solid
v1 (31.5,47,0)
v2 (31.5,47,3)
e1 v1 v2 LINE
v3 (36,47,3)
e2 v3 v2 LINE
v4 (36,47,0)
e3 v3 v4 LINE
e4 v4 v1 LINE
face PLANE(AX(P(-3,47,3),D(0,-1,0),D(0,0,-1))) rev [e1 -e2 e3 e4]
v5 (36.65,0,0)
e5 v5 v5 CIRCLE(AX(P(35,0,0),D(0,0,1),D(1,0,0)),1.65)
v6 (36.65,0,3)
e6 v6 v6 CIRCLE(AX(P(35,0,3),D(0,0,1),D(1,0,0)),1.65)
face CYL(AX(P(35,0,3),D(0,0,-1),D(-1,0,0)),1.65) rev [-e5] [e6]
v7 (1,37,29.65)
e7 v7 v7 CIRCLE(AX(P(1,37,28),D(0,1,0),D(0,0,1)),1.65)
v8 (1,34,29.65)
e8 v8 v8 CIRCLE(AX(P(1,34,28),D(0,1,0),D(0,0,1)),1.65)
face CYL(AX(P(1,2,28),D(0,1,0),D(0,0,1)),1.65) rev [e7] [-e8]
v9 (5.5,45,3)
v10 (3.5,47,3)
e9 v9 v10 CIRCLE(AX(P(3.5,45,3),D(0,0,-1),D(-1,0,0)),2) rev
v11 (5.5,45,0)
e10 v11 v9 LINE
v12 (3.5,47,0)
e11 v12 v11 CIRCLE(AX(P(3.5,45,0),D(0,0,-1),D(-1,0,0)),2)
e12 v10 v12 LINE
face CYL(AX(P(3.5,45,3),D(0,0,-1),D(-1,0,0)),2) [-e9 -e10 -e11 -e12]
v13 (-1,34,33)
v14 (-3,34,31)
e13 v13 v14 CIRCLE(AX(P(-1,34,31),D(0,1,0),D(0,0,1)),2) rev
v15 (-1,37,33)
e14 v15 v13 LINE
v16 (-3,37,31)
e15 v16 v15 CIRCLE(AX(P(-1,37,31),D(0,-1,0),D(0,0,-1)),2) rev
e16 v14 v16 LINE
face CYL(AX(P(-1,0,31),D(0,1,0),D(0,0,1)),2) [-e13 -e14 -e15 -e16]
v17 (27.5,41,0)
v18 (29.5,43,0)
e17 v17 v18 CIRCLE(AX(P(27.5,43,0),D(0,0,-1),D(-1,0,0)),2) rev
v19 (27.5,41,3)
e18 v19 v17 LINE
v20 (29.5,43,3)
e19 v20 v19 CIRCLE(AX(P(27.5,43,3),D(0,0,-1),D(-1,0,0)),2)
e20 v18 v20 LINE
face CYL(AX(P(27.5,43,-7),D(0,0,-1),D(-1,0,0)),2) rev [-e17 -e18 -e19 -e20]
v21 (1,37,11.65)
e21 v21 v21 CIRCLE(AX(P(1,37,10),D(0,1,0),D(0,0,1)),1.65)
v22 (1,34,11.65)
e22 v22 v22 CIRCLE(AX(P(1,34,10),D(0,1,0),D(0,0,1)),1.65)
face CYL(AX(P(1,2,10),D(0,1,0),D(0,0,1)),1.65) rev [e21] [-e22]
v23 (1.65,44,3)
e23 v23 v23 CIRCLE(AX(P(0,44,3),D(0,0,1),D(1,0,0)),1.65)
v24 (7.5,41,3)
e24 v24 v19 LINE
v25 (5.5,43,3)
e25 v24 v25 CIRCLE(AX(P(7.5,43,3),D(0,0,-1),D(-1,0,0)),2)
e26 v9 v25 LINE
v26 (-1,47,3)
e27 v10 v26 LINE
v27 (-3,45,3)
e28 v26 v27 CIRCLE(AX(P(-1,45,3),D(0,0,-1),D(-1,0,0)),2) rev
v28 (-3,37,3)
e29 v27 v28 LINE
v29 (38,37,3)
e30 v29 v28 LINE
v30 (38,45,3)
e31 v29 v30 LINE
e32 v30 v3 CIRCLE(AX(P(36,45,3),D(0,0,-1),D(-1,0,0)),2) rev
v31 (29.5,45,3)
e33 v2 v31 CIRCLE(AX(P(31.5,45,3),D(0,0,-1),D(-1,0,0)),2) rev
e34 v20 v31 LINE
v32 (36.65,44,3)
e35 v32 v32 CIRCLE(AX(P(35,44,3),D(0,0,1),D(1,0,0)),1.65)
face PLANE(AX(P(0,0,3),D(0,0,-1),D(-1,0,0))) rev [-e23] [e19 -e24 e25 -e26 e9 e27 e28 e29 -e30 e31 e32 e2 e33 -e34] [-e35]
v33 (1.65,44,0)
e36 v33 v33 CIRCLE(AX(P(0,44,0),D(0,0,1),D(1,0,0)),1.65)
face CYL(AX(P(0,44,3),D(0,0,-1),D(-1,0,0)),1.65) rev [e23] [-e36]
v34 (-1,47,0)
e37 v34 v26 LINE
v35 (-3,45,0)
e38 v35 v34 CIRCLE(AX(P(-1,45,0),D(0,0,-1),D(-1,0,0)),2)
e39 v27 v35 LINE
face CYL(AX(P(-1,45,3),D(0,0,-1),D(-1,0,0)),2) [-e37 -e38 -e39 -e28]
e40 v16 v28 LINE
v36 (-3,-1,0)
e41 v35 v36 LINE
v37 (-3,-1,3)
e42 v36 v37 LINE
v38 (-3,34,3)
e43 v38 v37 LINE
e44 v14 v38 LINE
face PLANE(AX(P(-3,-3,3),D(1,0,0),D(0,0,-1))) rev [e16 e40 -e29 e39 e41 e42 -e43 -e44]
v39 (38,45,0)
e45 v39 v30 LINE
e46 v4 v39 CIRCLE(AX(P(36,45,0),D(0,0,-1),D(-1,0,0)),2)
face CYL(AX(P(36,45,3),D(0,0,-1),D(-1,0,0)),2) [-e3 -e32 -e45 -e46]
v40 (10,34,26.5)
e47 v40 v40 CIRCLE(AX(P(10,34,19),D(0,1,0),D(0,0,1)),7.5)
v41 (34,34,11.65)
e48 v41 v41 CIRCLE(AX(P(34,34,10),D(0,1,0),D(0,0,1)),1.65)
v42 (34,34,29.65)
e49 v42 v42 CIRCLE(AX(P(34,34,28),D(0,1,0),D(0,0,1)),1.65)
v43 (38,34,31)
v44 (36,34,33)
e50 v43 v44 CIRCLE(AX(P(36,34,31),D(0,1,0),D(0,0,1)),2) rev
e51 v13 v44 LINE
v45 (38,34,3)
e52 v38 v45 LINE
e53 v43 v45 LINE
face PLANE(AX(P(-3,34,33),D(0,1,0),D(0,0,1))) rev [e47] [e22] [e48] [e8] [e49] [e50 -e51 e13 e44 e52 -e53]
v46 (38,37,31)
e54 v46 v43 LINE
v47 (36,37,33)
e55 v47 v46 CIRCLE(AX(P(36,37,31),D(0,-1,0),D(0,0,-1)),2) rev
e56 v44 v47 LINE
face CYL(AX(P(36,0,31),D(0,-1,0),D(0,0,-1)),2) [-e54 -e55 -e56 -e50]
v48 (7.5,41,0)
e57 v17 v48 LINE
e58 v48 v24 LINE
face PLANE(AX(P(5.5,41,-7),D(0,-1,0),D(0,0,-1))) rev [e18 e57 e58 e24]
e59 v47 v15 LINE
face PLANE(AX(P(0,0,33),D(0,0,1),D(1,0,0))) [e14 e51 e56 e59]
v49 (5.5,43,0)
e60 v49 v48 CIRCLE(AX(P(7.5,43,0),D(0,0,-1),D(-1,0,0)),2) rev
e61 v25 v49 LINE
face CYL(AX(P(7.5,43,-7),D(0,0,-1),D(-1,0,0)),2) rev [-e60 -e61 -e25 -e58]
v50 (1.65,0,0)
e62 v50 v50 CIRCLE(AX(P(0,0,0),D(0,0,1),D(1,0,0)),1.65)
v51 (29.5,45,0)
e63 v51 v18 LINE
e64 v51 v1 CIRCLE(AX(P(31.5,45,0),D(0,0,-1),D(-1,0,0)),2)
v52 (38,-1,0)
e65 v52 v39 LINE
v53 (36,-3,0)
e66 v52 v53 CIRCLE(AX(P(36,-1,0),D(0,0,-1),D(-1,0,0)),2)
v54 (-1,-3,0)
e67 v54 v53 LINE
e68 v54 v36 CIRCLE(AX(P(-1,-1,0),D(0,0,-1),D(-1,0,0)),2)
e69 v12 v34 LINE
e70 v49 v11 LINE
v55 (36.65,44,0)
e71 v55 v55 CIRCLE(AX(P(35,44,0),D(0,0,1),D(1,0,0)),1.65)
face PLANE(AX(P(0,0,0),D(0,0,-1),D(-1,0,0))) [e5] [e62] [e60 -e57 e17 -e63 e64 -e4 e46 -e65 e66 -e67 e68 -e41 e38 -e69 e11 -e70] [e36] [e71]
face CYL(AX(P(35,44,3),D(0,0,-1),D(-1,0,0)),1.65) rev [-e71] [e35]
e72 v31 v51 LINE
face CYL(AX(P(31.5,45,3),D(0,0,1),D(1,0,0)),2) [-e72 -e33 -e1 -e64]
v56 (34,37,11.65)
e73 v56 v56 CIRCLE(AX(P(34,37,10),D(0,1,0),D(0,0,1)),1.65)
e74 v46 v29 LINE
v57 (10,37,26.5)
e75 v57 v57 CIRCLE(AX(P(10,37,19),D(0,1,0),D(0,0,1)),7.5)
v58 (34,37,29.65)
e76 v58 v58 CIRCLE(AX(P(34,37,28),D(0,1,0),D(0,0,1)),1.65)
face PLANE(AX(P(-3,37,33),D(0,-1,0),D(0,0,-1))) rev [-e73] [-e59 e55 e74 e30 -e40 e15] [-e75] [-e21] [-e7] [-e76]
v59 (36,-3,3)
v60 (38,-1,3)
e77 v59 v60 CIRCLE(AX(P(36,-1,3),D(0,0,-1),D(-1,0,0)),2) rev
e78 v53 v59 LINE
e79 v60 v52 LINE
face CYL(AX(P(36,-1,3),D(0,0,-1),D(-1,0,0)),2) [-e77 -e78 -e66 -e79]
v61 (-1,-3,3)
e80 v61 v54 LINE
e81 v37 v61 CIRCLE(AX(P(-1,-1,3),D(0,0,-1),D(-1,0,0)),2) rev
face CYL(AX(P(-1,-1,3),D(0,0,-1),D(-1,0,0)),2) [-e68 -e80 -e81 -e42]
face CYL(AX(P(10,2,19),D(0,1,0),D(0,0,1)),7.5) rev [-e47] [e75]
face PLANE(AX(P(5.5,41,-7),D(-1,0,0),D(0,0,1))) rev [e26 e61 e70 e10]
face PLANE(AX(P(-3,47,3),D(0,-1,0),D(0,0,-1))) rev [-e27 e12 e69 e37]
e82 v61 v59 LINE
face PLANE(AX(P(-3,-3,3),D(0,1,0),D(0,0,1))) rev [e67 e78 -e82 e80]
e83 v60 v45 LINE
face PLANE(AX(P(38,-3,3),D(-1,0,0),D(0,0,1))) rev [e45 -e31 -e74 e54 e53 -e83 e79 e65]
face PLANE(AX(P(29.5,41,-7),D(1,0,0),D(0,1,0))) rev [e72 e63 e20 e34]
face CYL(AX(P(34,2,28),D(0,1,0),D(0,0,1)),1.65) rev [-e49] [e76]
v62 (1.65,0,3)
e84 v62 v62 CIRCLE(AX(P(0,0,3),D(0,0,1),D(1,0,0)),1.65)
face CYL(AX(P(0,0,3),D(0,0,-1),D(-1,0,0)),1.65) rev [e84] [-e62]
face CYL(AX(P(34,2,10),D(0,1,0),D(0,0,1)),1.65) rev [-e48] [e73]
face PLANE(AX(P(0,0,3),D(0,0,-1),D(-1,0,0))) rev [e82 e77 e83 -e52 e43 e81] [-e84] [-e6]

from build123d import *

# Parameters (mm, degrees)
SKETCH1_W           = 41
SKETCH1_H           = 50
SKETCH1_R           = 1.65
BOSS_EXTRUDE1_DEPTH = 3
SKETCH2_W           = 41
SKETCH2_H           = 3
BOSS_EXTRUDE2_DEPTH = 30
SKETCH3_R           = 1.65
SKETCH3_R_2         = 7.5
CUT_EXTRUDE1_DEPTH  = 35
SKETCH4_W           = 24
SKETCH4_H           = 6
CUT_EXTRUDE2_DEPTH  = 10
FILLET2_R           = 2


with BuildPart() as part:
    # Sketch1 → Boss-Extrude1 (new body)
    with BuildSketch(Plane.XY):
        with Locations((17.5, 22)):
            Rectangle(SKETCH1_W, SKETCH1_H)
        with Locations((0, 44)):
            Circle(SKETCH1_R, mode=Mode.SUBTRACT)
        with Locations((35, 44)):
            Circle(SKETCH1_R, mode=Mode.SUBTRACT)
        with Locations((35, 0)):
            Circle(SKETCH1_R, mode=Mode.SUBTRACT)
        Circle(SKETCH1_R, mode=Mode.SUBTRACT)
    extrude(amount=BOSS_EXTRUDE1_DEPTH)

    # Sketch2 → Boss-Extrude2 (add)
    with BuildSketch(Plane.XY.offset(3)):
        with Locations((17.5, 35.5)):
            Rectangle(SKETCH2_W, SKETCH2_H)
    extrude(amount=BOSS_EXTRUDE2_DEPTH)

    # Sketch3 → Cut-Extrude1 (cut)
    with BuildSketch(Plane(origin=(0, 37, 0), x_dir=(1, 0, 0), z_dir=(0, 1, 0))):
        with Locations((34, -28)):
            Circle(SKETCH3_R)
        with Locations((34, -10)):
            Circle(SKETCH3_R)
        with Locations((1, -10)):
            Circle(SKETCH3_R)
        with Locations((1, -28)):
            Circle(SKETCH3_R)
        with Locations((10, -19)):
            Circle(SKETCH3_R_2)
    extrude(amount=-CUT_EXTRUDE1_DEPTH, mode=Mode.SUBTRACT)

    # Sketch4 → Cut-Extrude2 (cut)
    with BuildSketch(Plane.XY.offset(3)):
        with Locations((17.5, 44)):
            Rectangle(SKETCH4_W, SKETCH4_H)
    extrude(amount=-CUT_EXTRUDE2_DEPTH, mode=Mode.SUBTRACT)

    # Fillet2
    fillet2_edges = [part.edges().sort_by_distance(p)[0] for p in [
        (-3, 35.5, 33),
        (38, 35.5, 33),
        (5.5, 47, 1.5),
        (29.5, 47, 1.5),
        (-3, 47, 1.5),
        (38, 47, 1.5),
        (29.5, 41, 1.5),
        (5.5, 41, 1.5),
        (38, -3, 1.5),
        (-3, -3, 1.5),
    ]]
    fillet(fillet2_edges, radius=FILLET2_R)


solid = part.part
